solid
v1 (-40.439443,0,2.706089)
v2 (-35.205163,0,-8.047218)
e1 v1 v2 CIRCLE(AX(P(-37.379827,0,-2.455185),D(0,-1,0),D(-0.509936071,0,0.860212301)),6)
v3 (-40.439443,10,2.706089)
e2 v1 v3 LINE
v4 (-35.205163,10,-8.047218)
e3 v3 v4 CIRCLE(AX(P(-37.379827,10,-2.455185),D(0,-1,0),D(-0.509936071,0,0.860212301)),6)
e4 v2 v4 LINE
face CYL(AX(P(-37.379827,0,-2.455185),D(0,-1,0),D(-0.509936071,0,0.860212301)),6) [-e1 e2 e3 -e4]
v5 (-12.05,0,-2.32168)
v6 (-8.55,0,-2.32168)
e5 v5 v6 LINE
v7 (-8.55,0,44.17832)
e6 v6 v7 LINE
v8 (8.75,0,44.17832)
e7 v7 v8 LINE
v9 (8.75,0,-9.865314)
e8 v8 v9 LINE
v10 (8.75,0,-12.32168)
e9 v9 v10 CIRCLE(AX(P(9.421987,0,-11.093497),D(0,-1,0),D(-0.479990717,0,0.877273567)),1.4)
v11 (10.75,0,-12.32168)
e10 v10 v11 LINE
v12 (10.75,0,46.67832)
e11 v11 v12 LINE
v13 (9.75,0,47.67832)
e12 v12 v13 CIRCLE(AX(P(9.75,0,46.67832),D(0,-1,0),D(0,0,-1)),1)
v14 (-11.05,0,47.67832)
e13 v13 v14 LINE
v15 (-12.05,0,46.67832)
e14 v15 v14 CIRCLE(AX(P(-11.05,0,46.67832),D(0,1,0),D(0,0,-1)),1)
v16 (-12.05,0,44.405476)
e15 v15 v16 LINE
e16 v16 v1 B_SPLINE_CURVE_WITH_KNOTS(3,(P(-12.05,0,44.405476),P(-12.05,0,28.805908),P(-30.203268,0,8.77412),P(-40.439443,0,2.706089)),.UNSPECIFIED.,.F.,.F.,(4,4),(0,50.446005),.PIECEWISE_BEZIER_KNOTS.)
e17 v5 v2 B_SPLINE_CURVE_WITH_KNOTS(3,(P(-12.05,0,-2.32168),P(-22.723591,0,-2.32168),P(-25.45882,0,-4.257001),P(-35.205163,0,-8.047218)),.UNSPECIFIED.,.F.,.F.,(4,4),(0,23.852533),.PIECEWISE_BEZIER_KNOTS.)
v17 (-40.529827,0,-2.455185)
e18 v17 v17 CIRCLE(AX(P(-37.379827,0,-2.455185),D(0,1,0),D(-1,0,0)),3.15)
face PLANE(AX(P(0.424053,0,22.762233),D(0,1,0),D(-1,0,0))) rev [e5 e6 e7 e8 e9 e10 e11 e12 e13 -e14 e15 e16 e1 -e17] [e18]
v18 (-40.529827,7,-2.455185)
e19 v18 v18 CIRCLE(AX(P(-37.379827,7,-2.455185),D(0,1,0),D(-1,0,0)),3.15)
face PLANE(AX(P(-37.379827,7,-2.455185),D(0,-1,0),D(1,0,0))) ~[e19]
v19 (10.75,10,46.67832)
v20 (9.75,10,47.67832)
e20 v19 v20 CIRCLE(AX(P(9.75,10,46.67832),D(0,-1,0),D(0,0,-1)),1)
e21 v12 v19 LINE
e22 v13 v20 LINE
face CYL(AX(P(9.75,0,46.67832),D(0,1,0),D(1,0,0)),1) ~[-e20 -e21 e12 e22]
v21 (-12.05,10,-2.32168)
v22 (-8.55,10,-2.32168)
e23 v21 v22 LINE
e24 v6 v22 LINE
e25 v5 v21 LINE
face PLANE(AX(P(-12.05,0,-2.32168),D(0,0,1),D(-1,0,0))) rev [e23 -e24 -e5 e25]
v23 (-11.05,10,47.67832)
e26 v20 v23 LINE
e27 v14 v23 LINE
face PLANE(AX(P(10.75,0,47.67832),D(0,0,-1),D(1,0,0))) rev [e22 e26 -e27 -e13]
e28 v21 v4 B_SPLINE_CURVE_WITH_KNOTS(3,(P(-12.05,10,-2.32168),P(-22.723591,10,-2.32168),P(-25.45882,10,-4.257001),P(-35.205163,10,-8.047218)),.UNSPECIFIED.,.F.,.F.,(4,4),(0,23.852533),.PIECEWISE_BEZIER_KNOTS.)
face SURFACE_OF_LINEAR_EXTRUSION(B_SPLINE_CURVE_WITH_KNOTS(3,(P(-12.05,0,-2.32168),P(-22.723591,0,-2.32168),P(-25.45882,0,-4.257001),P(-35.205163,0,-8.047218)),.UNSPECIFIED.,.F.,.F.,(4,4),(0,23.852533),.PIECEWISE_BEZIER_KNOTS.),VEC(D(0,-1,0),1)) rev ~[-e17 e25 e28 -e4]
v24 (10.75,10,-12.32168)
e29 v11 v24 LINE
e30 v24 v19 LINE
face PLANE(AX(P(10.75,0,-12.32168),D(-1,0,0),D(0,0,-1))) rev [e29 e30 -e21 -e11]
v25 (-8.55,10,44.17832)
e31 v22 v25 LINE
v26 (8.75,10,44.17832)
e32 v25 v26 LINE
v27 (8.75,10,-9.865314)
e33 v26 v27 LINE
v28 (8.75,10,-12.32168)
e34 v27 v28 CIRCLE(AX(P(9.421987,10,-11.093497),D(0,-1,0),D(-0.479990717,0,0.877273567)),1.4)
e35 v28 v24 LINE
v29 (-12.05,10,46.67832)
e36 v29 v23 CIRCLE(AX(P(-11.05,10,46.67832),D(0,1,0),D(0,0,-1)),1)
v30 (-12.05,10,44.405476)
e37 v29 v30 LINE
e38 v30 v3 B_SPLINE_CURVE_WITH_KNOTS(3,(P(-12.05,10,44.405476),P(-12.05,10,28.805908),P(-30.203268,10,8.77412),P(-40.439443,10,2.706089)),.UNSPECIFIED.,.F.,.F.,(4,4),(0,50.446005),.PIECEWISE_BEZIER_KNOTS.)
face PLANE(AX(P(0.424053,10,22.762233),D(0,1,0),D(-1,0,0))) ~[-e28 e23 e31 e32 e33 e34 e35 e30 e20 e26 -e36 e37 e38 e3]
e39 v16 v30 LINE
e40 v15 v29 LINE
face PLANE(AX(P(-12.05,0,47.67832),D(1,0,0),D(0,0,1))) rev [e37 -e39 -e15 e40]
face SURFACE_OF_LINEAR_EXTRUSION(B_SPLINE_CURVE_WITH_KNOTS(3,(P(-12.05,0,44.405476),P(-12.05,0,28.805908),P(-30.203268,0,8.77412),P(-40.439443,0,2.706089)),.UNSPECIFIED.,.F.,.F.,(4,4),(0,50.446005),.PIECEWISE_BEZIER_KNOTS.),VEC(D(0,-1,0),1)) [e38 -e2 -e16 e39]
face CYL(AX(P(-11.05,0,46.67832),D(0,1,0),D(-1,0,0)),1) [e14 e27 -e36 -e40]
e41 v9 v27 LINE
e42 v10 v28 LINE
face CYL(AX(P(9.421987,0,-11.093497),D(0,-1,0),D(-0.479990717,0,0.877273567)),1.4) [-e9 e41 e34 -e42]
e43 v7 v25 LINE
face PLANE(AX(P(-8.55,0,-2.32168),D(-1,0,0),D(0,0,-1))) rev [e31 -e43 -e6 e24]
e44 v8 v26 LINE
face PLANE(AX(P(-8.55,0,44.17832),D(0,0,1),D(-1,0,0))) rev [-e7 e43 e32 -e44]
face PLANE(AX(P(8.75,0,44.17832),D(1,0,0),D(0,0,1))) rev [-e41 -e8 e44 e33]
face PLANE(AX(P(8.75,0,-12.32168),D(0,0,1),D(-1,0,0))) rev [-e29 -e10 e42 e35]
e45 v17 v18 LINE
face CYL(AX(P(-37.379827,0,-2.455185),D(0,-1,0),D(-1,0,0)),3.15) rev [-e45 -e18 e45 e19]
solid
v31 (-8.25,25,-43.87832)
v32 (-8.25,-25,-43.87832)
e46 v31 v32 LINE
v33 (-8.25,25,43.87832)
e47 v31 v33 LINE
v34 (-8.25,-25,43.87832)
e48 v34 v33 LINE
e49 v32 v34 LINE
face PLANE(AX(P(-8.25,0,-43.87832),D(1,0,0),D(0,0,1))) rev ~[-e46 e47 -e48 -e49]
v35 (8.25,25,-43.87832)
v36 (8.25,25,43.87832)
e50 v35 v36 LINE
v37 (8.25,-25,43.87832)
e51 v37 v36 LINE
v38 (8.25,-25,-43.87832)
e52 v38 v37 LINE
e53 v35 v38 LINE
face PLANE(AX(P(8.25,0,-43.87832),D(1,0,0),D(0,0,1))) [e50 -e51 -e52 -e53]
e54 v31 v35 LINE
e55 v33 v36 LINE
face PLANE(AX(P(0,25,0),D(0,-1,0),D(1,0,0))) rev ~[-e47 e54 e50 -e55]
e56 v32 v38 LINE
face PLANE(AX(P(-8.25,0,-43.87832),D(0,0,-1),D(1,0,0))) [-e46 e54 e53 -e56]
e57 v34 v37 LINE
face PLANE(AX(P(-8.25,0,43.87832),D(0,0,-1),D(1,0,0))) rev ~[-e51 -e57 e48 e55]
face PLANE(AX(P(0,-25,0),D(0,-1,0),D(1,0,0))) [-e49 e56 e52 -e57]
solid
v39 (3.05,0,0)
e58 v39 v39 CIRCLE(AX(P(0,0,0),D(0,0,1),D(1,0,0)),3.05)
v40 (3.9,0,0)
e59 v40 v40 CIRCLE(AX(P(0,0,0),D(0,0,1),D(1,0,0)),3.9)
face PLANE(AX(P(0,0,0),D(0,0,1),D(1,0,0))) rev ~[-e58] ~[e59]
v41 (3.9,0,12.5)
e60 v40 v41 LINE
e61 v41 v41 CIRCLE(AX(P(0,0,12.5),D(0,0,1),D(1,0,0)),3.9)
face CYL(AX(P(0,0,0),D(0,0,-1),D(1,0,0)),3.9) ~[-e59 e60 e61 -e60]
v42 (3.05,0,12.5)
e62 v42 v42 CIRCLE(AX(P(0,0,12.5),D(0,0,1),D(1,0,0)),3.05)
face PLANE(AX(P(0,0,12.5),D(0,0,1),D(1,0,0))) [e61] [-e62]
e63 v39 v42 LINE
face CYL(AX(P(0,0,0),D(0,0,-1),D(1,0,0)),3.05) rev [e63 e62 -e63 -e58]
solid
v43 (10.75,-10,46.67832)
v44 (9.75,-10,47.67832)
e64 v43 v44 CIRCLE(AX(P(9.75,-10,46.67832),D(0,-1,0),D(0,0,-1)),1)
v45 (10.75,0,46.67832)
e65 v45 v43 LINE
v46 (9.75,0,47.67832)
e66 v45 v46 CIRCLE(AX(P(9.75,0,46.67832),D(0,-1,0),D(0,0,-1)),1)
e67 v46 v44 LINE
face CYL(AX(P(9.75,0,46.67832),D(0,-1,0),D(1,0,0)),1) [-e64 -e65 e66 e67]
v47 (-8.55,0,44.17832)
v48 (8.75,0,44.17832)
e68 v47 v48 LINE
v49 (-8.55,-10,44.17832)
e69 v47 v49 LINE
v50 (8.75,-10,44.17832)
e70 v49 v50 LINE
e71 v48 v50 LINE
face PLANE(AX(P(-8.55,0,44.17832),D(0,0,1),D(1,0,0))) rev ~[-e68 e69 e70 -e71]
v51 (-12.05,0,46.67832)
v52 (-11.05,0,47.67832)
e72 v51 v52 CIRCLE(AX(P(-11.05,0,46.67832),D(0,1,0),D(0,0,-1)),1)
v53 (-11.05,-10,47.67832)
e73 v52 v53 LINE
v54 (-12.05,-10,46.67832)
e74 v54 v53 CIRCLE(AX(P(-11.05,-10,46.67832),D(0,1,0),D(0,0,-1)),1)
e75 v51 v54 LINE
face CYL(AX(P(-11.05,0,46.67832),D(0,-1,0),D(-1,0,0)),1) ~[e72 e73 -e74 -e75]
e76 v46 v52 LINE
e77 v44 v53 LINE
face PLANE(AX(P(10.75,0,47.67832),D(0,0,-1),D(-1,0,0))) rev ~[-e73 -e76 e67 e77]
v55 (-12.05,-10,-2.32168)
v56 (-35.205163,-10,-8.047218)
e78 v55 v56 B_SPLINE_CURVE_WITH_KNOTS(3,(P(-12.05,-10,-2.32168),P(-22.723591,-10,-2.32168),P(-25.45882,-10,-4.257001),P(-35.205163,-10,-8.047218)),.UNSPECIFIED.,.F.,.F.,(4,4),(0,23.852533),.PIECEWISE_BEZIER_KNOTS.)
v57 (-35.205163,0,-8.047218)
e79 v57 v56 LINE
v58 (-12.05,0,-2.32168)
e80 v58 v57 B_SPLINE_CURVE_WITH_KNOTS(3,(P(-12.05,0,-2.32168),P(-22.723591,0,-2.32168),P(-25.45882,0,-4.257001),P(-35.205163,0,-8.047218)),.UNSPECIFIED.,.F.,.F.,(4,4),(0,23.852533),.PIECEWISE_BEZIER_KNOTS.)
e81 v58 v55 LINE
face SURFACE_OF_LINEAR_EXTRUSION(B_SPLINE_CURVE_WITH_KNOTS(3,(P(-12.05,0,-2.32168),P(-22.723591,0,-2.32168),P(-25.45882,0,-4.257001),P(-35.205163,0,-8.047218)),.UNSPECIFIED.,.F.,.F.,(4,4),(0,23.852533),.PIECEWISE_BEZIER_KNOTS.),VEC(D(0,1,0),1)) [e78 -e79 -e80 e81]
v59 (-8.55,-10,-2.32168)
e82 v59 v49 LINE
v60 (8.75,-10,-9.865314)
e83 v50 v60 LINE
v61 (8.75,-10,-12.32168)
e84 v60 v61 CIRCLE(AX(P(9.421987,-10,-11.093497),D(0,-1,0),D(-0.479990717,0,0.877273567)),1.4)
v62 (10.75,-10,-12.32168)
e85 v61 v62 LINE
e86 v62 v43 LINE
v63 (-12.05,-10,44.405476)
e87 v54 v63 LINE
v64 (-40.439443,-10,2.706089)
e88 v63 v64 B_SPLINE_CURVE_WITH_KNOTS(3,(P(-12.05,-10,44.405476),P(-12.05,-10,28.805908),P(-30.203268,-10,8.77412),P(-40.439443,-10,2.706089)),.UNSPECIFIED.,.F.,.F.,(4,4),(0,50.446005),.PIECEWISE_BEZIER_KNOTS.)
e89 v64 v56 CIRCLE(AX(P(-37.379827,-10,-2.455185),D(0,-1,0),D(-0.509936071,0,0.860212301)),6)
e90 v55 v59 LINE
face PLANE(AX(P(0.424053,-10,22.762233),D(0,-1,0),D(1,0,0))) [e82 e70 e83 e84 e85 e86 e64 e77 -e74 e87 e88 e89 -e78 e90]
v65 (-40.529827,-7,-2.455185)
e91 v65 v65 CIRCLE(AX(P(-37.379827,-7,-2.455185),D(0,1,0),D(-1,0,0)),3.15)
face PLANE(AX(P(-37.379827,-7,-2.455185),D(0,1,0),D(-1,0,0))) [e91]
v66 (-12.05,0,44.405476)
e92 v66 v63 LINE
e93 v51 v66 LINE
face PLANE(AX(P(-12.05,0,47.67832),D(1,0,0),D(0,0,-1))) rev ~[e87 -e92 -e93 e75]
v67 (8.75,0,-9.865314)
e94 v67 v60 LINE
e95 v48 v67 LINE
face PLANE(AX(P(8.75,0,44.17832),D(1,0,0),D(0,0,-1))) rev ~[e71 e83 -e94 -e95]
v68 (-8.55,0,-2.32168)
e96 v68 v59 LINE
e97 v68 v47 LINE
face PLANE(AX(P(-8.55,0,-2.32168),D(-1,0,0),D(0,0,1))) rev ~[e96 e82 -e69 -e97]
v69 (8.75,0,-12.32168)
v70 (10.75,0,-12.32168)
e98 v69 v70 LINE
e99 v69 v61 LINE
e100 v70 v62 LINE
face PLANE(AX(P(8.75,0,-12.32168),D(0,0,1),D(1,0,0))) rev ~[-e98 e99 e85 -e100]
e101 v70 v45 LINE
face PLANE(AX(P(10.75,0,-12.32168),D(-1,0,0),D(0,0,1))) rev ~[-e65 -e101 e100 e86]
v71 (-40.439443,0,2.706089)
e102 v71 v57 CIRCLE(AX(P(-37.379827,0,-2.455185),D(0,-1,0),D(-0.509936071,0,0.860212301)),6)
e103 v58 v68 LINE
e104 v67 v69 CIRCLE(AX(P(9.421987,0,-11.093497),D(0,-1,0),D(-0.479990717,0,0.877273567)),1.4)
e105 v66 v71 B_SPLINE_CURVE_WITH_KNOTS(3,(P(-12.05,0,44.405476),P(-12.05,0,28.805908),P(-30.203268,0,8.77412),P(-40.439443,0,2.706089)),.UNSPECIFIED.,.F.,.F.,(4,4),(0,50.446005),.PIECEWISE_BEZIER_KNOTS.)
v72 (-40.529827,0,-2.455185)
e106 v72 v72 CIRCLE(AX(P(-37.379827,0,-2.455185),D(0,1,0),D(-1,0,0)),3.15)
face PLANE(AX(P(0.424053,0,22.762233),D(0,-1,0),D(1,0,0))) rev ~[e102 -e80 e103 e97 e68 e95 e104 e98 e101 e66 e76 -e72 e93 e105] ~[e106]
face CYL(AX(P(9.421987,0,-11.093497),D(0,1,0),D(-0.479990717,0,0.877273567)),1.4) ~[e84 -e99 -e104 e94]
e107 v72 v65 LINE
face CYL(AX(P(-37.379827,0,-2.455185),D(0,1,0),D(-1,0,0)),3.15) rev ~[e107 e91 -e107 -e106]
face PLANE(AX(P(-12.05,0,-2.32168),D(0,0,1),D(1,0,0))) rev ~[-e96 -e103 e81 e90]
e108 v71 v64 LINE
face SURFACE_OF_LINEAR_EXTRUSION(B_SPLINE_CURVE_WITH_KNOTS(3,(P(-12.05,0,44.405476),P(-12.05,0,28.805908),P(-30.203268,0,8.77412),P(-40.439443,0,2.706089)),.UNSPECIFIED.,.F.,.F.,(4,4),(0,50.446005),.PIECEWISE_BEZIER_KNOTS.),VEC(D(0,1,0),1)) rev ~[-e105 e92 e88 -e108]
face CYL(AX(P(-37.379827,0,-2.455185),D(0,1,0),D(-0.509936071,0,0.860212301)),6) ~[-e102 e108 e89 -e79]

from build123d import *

# Parameters (mm, degrees)
F0_W          = 16.5
F0_H          = 87.75664
F1_DEPTH      = 25
F1_DEPTH_BACK = 25
F3_DEPTH      = 10
F4_R          = 3.15
F5_DEPTH      = 7
F6_R          = 1
F8_R          = 3.9
F8_R_2        = 3.05
F9_DEPTH      = 12.5


with BuildPart() as f1:
    # F0 (on Front) → F1 (new body, two sides)
    with BuildSketch(Plane.XZ) as f1_sk:
        Rectangle(F0_W, F0_H)
    extrude(amount=F1_DEPTH)
    extrude(f1_sk.sketch, amount=-F1_DEPTH_BACK)


with BuildPart() as f3:
    # F2 (on Front) → F3 (new body)
    with BuildSketch(Plane.XZ):
        Polygon((-8.55, -2.32168), (-8.55, 44.17832), (8.75, 44.17832), (8.75, -9.865314), (8.75, -12.32168), (10.75, -12.32168), (10.75, 47.67832), (-12.05, 47.67832), (-12.05, 44.405476), (-12.05, -2.32168), align=None)
        with BuildLine():
            add(Edge.make_bspline(
                [(-12.05, -2.32168), (-22.723591, -2.32168), (-25.45882, -4.257001), (-35.205163, -8.047218)],
                knots=[0, 0, 0, 0, 23.852533, 23.852533, 23.852533, 23.852533], degree=3))
            Line((-12.05, -2.32168), (-12.05, 44.405476))
            add(Edge.make_bspline(
                [(-12.05, 44.405476), (-12.05, 28.805908), (-30.203268, 8.77412), (-40.439443, 2.706089)],
                knots=[0, 0, 0, 0, 50.446005, 50.446005, 50.446005, 50.446005], degree=3))
            ThreePointArc((-40.439443, 2.706089), (-34.409785, 2.758149), (-31.379827, -2.455185))
            ThreePointArc((-31.379827, -2.455185), (-32.427656, -5.84281), (-35.205163, -8.047218))
        make_face()
        with BuildLine():
            Line((8.75, -12.32168), (8.75, -9.865314))
            ThreePointArc((8.75, -9.865314), (8.021987, -11.093497), (8.75, -12.32168))
        make_face()
        with BuildLine():
            ThreePointArc((-40.439443, 2.706089), (-42.774656, -5.081173), (-35.205163, -8.047218))
            ThreePointArc((-35.205163, -8.047218), (-32.427656, -5.84281), (-31.379827, -2.455185))
            ThreePointArc((-31.379827, -2.455185), (-34.409785, 2.758149), (-40.439443, 2.706089))
        make_face()
    extrude(amount=F3_DEPTH)

    # F4 (on face) → F5 (cut)
    with BuildSketch(Plane(origin=(0, 0, 0), x_dir=(-1, 0, 0), z_dir=(0, 1, 0))):
        with Locations((37.379827, -2.455185)):
            Circle(F4_R)
    extrude(amount=-F5_DEPTH, mode=Mode.SUBTRACT)

    # F6
    f6_edges = [f3.edges().sort_by_distance(p)[0] for p in [
        (10.75, -5, 47.67832),
        (-12.05, -5, 47.67832),
    ]]
    fillet(f6_edges, radius=F6_R)


with BuildPart() as f7_1:
    # F7: instance of F3
    add(f3.part.mirror(Plane.XZ))


with BuildPart() as f9:
    # F8 (on Top) → F9 (new body)
    with BuildSketch(Plane.XY):
        Circle(F8_R)
        Circle(F8_R_2, mode=Mode.SUBTRACT)
    extrude(amount=F9_DEPTH)


solid = Compound([f1.part, f3.part, f7_1.part, f9.part])
